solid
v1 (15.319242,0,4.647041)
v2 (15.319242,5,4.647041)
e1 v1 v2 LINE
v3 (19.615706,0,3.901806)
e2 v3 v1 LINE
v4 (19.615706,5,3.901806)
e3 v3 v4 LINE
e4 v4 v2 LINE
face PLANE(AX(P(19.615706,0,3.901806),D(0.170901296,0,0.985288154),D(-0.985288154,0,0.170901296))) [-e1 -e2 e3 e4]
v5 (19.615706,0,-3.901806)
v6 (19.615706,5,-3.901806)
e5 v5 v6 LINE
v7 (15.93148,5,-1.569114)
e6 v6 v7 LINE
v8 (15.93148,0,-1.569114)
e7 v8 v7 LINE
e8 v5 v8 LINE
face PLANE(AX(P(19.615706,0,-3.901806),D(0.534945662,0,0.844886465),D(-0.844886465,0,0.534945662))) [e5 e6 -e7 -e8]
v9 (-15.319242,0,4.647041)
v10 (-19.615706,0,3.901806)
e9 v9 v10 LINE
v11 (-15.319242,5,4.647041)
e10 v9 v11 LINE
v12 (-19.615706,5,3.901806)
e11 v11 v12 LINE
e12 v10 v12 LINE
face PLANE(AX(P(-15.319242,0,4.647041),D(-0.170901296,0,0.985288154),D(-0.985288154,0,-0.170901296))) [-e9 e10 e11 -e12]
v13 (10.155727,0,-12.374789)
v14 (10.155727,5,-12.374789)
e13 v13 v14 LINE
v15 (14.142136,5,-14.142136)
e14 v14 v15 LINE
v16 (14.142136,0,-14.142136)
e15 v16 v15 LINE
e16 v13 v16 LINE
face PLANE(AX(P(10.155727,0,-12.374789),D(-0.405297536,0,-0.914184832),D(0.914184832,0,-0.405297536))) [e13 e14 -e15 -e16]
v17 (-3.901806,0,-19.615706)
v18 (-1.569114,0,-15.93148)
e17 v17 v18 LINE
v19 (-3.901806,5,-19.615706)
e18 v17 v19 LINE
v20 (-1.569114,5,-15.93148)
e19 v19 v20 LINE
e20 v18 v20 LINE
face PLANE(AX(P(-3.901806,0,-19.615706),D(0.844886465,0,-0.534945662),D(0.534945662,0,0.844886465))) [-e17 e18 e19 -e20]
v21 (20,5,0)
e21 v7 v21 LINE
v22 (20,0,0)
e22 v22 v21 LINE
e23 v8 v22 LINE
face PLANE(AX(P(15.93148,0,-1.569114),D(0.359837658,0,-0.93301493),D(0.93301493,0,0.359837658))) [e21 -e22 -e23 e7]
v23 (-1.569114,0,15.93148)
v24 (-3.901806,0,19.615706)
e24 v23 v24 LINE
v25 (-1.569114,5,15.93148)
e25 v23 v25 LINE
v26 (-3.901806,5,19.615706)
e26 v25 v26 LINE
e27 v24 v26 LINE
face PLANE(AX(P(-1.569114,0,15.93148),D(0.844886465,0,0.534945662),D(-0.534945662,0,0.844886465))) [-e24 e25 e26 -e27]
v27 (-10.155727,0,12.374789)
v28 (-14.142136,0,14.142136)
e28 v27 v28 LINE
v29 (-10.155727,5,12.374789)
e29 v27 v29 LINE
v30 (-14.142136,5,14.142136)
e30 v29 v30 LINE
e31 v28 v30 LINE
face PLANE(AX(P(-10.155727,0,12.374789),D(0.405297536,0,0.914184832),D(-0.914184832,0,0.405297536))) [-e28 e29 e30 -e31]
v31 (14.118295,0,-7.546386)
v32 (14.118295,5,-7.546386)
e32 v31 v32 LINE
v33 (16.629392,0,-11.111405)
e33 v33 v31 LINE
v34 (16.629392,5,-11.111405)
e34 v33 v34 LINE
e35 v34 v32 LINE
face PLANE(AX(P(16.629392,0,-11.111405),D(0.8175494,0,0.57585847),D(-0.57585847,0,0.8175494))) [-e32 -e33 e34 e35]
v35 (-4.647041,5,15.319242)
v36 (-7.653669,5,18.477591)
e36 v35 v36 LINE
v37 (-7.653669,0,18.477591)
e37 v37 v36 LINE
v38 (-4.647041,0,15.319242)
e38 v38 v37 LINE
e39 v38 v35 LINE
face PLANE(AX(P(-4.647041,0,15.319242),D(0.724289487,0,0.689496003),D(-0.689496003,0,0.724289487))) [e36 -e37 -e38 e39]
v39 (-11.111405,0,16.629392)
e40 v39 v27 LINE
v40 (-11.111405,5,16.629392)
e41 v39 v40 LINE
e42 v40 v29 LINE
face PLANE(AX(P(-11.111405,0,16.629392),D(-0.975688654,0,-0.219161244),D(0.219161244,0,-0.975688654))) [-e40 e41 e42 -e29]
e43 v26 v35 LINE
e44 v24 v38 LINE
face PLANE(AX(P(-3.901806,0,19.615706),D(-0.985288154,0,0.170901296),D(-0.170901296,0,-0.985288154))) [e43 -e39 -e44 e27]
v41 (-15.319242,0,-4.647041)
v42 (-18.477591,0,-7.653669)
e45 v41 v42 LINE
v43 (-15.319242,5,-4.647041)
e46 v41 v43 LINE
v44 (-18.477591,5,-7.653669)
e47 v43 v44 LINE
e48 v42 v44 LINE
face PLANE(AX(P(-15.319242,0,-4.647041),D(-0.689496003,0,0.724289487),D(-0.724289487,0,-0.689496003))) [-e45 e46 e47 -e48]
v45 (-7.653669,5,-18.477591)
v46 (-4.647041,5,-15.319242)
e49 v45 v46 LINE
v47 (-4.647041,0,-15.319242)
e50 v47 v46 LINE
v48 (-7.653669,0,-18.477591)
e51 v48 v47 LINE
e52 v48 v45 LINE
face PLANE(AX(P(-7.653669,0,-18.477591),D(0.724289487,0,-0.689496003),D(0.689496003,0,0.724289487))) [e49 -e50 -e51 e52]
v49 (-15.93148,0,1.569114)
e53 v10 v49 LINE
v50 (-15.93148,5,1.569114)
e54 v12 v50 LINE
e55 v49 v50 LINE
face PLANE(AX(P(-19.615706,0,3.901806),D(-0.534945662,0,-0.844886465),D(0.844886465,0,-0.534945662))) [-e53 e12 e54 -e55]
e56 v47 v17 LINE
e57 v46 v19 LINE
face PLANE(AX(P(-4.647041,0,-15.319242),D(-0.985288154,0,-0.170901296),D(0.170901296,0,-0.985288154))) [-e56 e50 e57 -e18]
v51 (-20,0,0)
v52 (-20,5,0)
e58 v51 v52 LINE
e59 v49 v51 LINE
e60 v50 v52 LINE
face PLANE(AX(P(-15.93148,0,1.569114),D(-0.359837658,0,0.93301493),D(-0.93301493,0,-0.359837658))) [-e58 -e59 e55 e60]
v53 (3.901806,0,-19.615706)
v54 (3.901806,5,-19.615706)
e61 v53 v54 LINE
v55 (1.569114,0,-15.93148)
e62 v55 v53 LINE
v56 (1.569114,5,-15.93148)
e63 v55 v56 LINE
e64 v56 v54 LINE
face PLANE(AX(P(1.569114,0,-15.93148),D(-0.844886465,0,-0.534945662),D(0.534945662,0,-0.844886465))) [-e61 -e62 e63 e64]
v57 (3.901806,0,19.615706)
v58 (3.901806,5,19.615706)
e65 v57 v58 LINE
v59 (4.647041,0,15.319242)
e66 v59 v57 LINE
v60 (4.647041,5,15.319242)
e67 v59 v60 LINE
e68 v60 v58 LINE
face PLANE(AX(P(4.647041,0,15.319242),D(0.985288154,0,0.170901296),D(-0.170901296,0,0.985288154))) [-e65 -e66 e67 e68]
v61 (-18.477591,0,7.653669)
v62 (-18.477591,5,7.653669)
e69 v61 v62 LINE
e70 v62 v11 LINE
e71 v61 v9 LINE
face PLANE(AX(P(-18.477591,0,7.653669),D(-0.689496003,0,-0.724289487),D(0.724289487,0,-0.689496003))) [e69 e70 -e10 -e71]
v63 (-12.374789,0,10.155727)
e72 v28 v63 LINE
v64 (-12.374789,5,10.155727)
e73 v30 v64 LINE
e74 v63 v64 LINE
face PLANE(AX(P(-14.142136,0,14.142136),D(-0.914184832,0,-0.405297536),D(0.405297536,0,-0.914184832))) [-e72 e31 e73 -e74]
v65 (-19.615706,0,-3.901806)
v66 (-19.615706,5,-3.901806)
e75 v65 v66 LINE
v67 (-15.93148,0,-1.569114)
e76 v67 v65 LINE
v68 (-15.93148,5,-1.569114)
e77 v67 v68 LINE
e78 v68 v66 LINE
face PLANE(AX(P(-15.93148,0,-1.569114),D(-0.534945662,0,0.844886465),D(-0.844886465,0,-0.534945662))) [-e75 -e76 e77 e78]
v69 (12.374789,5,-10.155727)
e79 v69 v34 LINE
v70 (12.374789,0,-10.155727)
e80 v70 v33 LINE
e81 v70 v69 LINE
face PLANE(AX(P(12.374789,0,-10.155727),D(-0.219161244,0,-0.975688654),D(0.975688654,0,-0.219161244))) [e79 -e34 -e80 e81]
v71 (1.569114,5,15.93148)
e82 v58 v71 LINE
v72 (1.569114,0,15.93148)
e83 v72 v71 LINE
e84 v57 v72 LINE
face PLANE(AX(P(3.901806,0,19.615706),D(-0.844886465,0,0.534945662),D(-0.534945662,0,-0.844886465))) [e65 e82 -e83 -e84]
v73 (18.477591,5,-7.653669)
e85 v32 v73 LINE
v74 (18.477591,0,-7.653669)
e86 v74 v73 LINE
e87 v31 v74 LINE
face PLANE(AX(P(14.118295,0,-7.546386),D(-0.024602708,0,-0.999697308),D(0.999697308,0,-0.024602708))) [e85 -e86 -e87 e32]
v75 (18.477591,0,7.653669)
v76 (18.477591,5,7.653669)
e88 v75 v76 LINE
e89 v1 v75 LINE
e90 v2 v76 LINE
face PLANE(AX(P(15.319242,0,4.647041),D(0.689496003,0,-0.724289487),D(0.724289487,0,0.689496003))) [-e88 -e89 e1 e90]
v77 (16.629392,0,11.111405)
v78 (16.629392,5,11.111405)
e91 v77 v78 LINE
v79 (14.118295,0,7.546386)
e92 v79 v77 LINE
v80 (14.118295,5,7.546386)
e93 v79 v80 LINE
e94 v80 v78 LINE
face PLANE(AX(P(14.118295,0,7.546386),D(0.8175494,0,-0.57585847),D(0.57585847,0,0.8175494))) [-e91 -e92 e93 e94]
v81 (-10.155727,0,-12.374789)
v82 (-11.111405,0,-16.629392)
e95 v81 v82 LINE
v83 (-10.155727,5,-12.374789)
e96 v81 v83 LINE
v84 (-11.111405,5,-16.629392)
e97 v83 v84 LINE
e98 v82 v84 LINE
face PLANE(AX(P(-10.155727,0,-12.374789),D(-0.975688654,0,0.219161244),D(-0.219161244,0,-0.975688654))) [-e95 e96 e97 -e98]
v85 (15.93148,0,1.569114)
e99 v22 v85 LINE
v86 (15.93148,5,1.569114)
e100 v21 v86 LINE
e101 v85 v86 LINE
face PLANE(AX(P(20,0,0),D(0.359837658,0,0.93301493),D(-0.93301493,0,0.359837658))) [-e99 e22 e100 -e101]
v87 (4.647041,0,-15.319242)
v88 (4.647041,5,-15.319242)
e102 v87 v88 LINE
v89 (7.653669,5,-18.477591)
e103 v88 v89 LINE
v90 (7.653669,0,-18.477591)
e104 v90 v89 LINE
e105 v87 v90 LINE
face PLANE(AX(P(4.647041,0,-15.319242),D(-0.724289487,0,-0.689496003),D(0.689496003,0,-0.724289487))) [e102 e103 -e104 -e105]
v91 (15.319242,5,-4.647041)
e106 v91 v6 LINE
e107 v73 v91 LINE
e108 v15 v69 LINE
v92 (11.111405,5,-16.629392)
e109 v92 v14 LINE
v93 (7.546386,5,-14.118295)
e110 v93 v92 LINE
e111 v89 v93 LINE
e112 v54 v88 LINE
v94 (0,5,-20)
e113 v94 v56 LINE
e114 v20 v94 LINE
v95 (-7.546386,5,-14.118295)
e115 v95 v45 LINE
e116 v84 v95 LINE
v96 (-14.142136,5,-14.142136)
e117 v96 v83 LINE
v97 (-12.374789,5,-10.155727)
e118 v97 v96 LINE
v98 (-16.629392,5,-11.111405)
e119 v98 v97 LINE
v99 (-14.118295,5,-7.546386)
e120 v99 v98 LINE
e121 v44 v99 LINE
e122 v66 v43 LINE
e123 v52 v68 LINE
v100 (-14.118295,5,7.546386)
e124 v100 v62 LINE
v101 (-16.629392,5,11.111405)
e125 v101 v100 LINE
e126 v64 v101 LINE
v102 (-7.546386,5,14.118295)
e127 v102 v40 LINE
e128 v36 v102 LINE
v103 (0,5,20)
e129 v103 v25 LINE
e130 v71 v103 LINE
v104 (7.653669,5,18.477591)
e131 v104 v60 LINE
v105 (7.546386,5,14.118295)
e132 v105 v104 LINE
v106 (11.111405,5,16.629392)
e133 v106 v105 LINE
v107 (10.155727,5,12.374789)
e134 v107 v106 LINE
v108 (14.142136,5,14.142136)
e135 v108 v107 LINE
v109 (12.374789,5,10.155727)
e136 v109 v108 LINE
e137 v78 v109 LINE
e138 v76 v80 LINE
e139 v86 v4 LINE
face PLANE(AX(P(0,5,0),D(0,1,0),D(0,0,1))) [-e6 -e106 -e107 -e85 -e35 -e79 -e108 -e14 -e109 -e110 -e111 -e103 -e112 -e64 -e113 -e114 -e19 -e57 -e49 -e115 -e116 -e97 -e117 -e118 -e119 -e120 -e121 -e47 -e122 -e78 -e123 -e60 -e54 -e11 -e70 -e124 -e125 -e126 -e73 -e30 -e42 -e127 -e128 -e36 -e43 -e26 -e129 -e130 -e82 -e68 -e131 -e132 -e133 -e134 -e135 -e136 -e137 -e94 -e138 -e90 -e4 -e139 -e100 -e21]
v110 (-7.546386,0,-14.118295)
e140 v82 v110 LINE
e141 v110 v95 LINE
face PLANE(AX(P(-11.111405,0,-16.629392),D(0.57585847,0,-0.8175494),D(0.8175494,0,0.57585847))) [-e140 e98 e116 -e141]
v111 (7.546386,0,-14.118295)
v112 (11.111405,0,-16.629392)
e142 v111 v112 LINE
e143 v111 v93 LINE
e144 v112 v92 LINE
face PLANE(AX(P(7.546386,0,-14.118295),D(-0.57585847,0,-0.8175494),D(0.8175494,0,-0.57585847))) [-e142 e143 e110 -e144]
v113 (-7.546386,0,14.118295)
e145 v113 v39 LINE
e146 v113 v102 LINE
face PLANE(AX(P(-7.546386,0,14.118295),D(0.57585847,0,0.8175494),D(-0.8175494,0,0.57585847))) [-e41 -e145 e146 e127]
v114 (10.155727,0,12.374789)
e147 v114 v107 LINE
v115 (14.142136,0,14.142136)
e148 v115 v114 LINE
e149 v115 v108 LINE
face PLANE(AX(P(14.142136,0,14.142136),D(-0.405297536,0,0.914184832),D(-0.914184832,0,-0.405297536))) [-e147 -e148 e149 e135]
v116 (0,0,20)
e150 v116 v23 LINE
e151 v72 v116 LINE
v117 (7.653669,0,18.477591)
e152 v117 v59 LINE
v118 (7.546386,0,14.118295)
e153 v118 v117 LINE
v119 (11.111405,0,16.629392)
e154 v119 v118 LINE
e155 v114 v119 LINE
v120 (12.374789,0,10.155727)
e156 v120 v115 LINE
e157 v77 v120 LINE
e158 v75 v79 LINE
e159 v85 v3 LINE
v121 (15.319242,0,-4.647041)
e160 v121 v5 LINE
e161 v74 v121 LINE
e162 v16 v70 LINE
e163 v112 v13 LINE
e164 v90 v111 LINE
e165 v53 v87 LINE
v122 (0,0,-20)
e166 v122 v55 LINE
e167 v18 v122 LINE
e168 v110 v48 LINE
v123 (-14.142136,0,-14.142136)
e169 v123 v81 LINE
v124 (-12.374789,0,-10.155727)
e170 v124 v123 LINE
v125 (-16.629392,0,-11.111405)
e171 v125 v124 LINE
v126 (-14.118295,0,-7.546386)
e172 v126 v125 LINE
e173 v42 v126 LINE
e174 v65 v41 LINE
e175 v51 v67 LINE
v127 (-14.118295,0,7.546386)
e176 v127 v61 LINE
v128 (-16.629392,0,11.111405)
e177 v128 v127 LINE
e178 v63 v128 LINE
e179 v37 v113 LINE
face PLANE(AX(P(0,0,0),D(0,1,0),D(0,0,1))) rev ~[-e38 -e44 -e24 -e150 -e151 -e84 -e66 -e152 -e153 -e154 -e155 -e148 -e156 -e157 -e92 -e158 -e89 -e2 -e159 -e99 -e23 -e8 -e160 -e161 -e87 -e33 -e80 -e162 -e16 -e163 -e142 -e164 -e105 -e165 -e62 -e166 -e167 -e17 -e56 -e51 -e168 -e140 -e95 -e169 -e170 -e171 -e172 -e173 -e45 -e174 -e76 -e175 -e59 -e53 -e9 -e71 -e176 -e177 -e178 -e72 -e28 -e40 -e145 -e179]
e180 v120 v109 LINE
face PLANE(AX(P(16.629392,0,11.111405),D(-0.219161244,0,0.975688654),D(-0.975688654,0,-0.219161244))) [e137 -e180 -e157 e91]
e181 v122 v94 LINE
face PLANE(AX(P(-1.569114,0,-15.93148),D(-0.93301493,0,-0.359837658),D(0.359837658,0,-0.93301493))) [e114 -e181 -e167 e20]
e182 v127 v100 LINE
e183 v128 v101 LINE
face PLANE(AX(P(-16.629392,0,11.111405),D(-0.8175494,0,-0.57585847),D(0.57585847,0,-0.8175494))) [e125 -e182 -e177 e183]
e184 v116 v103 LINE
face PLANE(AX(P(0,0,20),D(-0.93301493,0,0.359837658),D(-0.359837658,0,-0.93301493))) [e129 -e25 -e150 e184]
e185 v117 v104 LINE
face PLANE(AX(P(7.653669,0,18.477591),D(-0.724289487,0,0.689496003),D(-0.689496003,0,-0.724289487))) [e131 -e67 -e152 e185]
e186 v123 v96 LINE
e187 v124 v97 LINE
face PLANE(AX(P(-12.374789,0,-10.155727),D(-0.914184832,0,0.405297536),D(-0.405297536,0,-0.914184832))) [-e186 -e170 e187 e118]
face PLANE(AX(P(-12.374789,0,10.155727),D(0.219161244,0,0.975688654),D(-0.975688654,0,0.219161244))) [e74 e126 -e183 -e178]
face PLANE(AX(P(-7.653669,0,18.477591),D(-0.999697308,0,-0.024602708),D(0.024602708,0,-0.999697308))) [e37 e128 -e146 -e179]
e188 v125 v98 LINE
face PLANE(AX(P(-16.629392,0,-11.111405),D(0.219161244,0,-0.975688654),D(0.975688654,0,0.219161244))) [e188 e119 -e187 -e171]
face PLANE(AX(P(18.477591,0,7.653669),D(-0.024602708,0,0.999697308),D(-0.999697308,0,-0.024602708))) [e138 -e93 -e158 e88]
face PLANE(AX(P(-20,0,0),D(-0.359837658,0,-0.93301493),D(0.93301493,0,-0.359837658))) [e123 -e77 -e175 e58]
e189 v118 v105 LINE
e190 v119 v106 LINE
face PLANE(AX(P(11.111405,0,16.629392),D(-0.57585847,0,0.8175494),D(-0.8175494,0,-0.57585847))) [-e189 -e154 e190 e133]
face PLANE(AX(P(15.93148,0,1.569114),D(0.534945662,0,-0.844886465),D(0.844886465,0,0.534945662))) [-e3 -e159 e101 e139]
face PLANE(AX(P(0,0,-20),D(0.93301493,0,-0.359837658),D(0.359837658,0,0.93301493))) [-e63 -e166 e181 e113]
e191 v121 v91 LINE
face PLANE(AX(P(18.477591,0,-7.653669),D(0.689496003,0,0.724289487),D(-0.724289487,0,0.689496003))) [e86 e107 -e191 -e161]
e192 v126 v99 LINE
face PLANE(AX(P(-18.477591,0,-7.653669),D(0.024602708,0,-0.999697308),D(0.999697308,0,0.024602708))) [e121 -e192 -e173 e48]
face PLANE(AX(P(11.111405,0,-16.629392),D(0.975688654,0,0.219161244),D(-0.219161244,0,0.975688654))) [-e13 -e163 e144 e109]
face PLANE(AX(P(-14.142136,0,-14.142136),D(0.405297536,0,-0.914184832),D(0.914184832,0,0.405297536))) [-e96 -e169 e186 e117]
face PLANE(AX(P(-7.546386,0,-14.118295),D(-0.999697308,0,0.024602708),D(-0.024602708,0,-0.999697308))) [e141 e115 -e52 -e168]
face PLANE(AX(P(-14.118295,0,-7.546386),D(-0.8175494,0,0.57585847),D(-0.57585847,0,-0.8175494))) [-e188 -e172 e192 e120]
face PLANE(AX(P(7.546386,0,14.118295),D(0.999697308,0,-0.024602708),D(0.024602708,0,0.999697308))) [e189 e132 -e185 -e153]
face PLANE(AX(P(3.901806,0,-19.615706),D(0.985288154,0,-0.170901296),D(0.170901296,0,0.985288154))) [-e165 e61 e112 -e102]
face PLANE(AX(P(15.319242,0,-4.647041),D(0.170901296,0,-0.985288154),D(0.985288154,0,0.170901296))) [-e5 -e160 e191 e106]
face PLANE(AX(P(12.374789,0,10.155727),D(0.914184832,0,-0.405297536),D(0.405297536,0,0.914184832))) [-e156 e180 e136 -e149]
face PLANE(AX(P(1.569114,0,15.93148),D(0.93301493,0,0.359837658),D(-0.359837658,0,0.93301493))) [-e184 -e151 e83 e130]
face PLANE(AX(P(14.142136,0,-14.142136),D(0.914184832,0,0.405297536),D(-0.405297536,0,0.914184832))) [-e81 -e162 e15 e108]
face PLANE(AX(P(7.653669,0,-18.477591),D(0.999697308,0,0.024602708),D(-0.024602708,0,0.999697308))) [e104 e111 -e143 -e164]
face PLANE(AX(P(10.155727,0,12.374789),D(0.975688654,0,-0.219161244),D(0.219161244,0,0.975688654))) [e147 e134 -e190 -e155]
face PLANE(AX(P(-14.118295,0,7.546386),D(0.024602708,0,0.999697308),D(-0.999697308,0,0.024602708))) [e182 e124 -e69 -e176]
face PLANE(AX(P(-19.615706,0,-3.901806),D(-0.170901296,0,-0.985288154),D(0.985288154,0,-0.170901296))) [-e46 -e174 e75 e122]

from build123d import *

# Parameters (mm, degrees)
ESQUISSE1_R             = 20
BOSS_EXTRU_1_DEPTH      = 5
ENL_V_START             = -5
ENL_V_MAT_EXTRU_1_DEPTH = 5


with BuildPart() as part:
    # Esquisse1 → Boss.-Extru.1 (new body)
    with BuildSketch(Plane(origin=(0, 0, 0), x_dir=(1, 0, 0), z_dir=(0, 1, 0))):
        with Locations(Location((0, 0, 0), (0, 0, 270))):
            Circle(ESQUISSE1_R)
    extrude(amount=BOSS_EXTRU_1_DEPTH)

    # Esquisse2 → Enlèv. mat.-Extru.1 (cut)
    with BuildSketch(Plane(origin=(0, 5, 0), x_dir=(1, 0, 0), z_dir=(0, 1, 0)).offset(ENL_V_START)):
        with BuildLine():
            Line((-4.64704136, 15.319242341), (-3.90180644, 19.615705608))
            ThreePointArc((-3.90180644, 19.615705608), (-5.805693545, 19.138806715), (-7.653668647, 18.47759065))
            Line((-7.653668647, 18.47759065), (-4.64704136, 15.319242341))
        make_face()
        with BuildLine():
            Line((-1.569113842, 15.931480191), (0, 20))
            ThreePointArc((0, 20), (-1.960342807, 19.903694533), (-3.90180644, 19.615705608))
            Line((-3.90180644, 19.615705608), (-1.569113842, 15.931480191))
        make_face()
        with BuildLine():
            ThreePointArc((3.90180644, 19.615705608), (1.960342807, 19.903694533), (0, 20))
            Line((0, 20), (1.569113842, 15.931480191))
            Line((1.569113842, 15.931480191), (3.90180644, 19.615705608))
        make_face()
        with BuildLine():
            ThreePointArc((7.653668647, 18.47759065), (5.805693545, 19.138806715), (3.90180644, 19.615705608))
            Line((3.90180644, 19.615705608), (4.64704136, 15.319242341))
            Line((4.64704136, 15.319242341), (7.653668647, 18.47759065))
        make_face()
        with BuildLine():
            ThreePointArc((11.11140466, 16.629392246), (9.427934737, 17.638425287), (7.653668647, 18.47759065))
            Line((7.653668647, 18.47759065), (7.546385684, 14.1182946))
            Line((7.546385684, 14.1182946), (11.11140466, 16.629392246))
        make_face()
        with BuildLine():
            ThreePointArc((14.142135624, 14.142135624), (12.687865683, 15.460209067), (11.11140466, 16.629392246))
            Line((11.11140466, 16.629392246), (10.155726639, 12.374788715))
            Line((10.155726639, 12.374788715), (14.142135624, 14.142135624))
        make_face()
        with BuildLine():
            ThreePointArc((16.629392246, 11.11140466), (15.460209067, 12.687865683), (14.142135624, 14.142135624))
            Line((14.142135624, 14.142135624), (12.374788715, 10.155726639))
            Line((12.374788715, 10.155726639), (16.629392246, 11.11140466))
        make_face()
        with BuildLine():
            ThreePointArc((18.47759065, 7.653668647), (17.638425287, 9.427934737), (16.629392246, 11.11140466))
            Line((16.629392246, 11.11140466), (14.1182946, 7.546385684))
            Line((14.1182946, 7.546385684), (18.47759065, 7.653668647))
        make_face()
        with BuildLine():
            ThreePointArc((19.615705608, 3.90180644), (19.138806715, 5.805693545), (18.47759065, 7.653668647))
            Line((18.47759065, 7.653668647), (15.319242341, 4.64704136))
            Line((15.319242341, 4.64704136), (19.615705608, 3.90180644))
        make_face()
        with BuildLine():
            ThreePointArc((20, 0), (19.903694533, 1.960342807), (19.615705608, 3.90180644))
            Line((19.615705608, 3.90180644), (15.931480191, 1.569113842))
            Line((15.931480191, 1.569113842), (20, 0))
        make_face()
        with BuildLine():
            ThreePointArc((19.615705608, -3.90180644), (19.903694533, -1.960342807), (20, 0))
            Line((20, 0), (15.931480191, -1.569113842))
            Line((15.931480191, -1.569113842), (19.615705608, -3.90180644))
        make_face()
        with BuildLine():
            ThreePointArc((18.47759065, -7.653668647), (19.138806715, -5.805693545), (19.615705608, -3.90180644))
            Line((19.615705608, -3.90180644), (15.319242341, -4.64704136))
            Line((15.319242341, -4.64704136), (18.47759065, -7.653668647))
        make_face()
        with BuildLine():
            Line((-7.546385684, 14.1182946), (-7.653668647, 18.47759065))
            ThreePointArc((-7.653668647, 18.47759065), (-9.427934737, 17.638425287), (-11.11140466, 16.629392246))
            Line((-11.11140466, 16.629392246), (-7.546385684, 14.1182946))
        make_face()
        with BuildLine():
            Line((-10.155726639, 12.374788715), (-11.11140466, 16.629392246))
            ThreePointArc((-11.11140466, 16.629392246), (-12.687865683, 15.460209067), (-14.142135624, 14.142135624))
            Line((-14.142135624, 14.142135624), (-10.155726639, 12.374788715))
        make_face()
        with BuildLine():
            Line((-12.374788715, 10.155726639), (-14.142135624, 14.142135624))
            ThreePointArc((-14.142135624, 14.142135624), (-15.460209067, 12.687865683), (-16.629392246, 11.11140466))
            Line((-16.629392246, 11.11140466), (-12.374788715, 10.155726639))
        make_face()
        with BuildLine():
            Line((-14.1182946, 7.546385684), (-16.629392246, 11.11140466))
            ThreePointArc((-16.629392246, 11.11140466), (-17.638425287, 9.427934737), (-18.47759065, 7.653668647))
            Line((-18.47759065, 7.653668647), (-14.1182946, 7.546385684))
        make_face()
        with BuildLine():
            Line((-15.319242341, 4.64704136), (-18.47759065, 7.653668647))
            ThreePointArc((-18.47759065, 7.653668647), (-19.138806715, 5.805693545), (-19.615705608, 3.90180644))
            Line((-19.615705608, 3.90180644), (-15.319242341, 4.64704136))
        make_face()
        with BuildLine():
            Line((-15.931480191, 1.569113842), (-19.615705608, 3.90180644))
            ThreePointArc((-19.615705608, 3.90180644), (-19.903694533, 1.960342807), (-20, 0))
            Line((-20, 0), (-15.931480191, 1.569113842))
        make_face()
        with BuildLine():
            Line((-15.931480191, -1.569113842), (-20, 0))
            ThreePointArc((-20, 0), (-19.903694533, -1.960342807), (-19.615705608, -3.90180644))
            Line((-19.615705608, -3.90180644), (-15.931480191, -1.569113842))
        make_face()
        with BuildLine():
            Line((-15.319242341, -4.64704136), (-19.615705608, -3.90180644))
            ThreePointArc((-19.615705608, -3.90180644), (-19.138806715, -5.805693545), (-18.47759065, -7.653668647))
            Line((-18.47759065, -7.653668647), (-15.319242341, -4.64704136))
        make_face()
        with BuildLine():
            Line((-14.1182946, -7.546385684), (-18.47759065, -7.653668647))
            ThreePointArc((-18.47759065, -7.653668647), (-17.638425287, -9.427934737), (-16.629392246, -11.11140466))
            Line((-16.629392246, -11.11140466), (-14.1182946, -7.546385684))
        make_face()
        with BuildLine():
            Line((-12.374788715, -10.155726639), (-16.629392246, -11.11140466))
            ThreePointArc((-16.629392246, -11.11140466), (-15.460209067, -12.687865683), (-14.142135624, -14.142135624))
            Line((-14.142135624, -14.142135624), (-12.374788715, -10.155726639))
        make_face()
        with BuildLine():
            Line((-10.155726639, -12.374788715), (-14.142135624, -14.142135624))
            ThreePointArc((-14.142135624, -14.142135624), (-12.687865683, -15.460209067), (-11.11140466, -16.629392246))
            Line((-11.11140466, -16.629392246), (-10.155726639, -12.374788715))
        make_face()
        with BuildLine():
            Line((-7.546385684, -14.1182946), (-11.11140466, -16.629392246))
            ThreePointArc((-11.11140466, -16.629392246), (-9.427934737, -17.638425287), (-7.653668647, -18.47759065))
            Line((-7.653668647, -18.47759065), (-7.546385684, -14.1182946))
        make_face()
        with BuildLine():
            Line((-4.64704136, -15.319242341), (-7.653668647, -18.47759065))
            ThreePointArc((-7.653668647, -18.47759065), (-5.805693545, -19.138806715), (-3.90180644, -19.615705608))
            Line((-3.90180644, -19.615705608), (-4.64704136, -15.319242341))
        make_face()
        with BuildLine():
            Line((-1.569113842, -15.931480191), (-3.90180644, -19.615705608))
            ThreePointArc((-3.90180644, -19.615705608), (-1.960342807, -19.903694533), (0, -20))
            Line((0, -20), (-1.569113842, -15.931480191))
        make_face()
        with BuildLine():
            ThreePointArc((0, -20), (1.960342807, -19.903694533), (3.90180644, -19.615705608))
            Line((3.90180644, -19.615705608), (1.569113842, -15.931480191))
            Line((1.569113842, -15.931480191), (0, -20))
        make_face()
        with BuildLine():
            ThreePointArc((3.90180644, -19.615705608), (5.805693545, -19.138806715), (7.653668647, -18.47759065))
            Line((7.653668647, -18.47759065), (4.64704136, -15.319242341))
            Line((4.64704136, -15.319242341), (3.90180644, -19.615705608))
        make_face()
        with BuildLine():
            ThreePointArc((7.653668647, -18.47759065), (9.427934737, -17.638425287), (11.11140466, -16.629392246))
            Line((11.11140466, -16.629392246), (7.546385684, -14.1182946))
            Line((7.546385684, -14.1182946), (7.653668647, -18.47759065))
        make_face()
        with BuildLine():
            ThreePointArc((11.11140466, -16.629392246), (12.687865683, -15.460209067), (14.142135624, -14.142135624))
            Line((14.142135624, -14.142135624), (10.155726639, -12.374788715))
            Line((10.155726639, -12.374788715), (11.11140466, -16.629392246))
        make_face()
        with BuildLine():
            ThreePointArc((14.142135624, -14.142135624), (15.460209067, -12.687865683), (16.629392246, -11.11140466))
            Line((16.629392246, -11.11140466), (12.374788715, -10.155726639))
            Line((12.374788715, -10.155726639), (14.142135624, -14.142135624))
        make_face()
        with BuildLine():
            ThreePointArc((16.629392246, -11.11140466), (17.638425287, -9.427934737), (18.47759065, -7.653668647))
            Line((18.47759065, -7.653668647), (14.1182946, -7.546385684))
            Line((14.1182946, -7.546385684), (16.629392246, -11.11140466))
        make_face()
    extrude(amount=ENL_V_MAT_EXTRU_1_DEPTH, mode=Mode.SUBTRACT)


solid = part.part
